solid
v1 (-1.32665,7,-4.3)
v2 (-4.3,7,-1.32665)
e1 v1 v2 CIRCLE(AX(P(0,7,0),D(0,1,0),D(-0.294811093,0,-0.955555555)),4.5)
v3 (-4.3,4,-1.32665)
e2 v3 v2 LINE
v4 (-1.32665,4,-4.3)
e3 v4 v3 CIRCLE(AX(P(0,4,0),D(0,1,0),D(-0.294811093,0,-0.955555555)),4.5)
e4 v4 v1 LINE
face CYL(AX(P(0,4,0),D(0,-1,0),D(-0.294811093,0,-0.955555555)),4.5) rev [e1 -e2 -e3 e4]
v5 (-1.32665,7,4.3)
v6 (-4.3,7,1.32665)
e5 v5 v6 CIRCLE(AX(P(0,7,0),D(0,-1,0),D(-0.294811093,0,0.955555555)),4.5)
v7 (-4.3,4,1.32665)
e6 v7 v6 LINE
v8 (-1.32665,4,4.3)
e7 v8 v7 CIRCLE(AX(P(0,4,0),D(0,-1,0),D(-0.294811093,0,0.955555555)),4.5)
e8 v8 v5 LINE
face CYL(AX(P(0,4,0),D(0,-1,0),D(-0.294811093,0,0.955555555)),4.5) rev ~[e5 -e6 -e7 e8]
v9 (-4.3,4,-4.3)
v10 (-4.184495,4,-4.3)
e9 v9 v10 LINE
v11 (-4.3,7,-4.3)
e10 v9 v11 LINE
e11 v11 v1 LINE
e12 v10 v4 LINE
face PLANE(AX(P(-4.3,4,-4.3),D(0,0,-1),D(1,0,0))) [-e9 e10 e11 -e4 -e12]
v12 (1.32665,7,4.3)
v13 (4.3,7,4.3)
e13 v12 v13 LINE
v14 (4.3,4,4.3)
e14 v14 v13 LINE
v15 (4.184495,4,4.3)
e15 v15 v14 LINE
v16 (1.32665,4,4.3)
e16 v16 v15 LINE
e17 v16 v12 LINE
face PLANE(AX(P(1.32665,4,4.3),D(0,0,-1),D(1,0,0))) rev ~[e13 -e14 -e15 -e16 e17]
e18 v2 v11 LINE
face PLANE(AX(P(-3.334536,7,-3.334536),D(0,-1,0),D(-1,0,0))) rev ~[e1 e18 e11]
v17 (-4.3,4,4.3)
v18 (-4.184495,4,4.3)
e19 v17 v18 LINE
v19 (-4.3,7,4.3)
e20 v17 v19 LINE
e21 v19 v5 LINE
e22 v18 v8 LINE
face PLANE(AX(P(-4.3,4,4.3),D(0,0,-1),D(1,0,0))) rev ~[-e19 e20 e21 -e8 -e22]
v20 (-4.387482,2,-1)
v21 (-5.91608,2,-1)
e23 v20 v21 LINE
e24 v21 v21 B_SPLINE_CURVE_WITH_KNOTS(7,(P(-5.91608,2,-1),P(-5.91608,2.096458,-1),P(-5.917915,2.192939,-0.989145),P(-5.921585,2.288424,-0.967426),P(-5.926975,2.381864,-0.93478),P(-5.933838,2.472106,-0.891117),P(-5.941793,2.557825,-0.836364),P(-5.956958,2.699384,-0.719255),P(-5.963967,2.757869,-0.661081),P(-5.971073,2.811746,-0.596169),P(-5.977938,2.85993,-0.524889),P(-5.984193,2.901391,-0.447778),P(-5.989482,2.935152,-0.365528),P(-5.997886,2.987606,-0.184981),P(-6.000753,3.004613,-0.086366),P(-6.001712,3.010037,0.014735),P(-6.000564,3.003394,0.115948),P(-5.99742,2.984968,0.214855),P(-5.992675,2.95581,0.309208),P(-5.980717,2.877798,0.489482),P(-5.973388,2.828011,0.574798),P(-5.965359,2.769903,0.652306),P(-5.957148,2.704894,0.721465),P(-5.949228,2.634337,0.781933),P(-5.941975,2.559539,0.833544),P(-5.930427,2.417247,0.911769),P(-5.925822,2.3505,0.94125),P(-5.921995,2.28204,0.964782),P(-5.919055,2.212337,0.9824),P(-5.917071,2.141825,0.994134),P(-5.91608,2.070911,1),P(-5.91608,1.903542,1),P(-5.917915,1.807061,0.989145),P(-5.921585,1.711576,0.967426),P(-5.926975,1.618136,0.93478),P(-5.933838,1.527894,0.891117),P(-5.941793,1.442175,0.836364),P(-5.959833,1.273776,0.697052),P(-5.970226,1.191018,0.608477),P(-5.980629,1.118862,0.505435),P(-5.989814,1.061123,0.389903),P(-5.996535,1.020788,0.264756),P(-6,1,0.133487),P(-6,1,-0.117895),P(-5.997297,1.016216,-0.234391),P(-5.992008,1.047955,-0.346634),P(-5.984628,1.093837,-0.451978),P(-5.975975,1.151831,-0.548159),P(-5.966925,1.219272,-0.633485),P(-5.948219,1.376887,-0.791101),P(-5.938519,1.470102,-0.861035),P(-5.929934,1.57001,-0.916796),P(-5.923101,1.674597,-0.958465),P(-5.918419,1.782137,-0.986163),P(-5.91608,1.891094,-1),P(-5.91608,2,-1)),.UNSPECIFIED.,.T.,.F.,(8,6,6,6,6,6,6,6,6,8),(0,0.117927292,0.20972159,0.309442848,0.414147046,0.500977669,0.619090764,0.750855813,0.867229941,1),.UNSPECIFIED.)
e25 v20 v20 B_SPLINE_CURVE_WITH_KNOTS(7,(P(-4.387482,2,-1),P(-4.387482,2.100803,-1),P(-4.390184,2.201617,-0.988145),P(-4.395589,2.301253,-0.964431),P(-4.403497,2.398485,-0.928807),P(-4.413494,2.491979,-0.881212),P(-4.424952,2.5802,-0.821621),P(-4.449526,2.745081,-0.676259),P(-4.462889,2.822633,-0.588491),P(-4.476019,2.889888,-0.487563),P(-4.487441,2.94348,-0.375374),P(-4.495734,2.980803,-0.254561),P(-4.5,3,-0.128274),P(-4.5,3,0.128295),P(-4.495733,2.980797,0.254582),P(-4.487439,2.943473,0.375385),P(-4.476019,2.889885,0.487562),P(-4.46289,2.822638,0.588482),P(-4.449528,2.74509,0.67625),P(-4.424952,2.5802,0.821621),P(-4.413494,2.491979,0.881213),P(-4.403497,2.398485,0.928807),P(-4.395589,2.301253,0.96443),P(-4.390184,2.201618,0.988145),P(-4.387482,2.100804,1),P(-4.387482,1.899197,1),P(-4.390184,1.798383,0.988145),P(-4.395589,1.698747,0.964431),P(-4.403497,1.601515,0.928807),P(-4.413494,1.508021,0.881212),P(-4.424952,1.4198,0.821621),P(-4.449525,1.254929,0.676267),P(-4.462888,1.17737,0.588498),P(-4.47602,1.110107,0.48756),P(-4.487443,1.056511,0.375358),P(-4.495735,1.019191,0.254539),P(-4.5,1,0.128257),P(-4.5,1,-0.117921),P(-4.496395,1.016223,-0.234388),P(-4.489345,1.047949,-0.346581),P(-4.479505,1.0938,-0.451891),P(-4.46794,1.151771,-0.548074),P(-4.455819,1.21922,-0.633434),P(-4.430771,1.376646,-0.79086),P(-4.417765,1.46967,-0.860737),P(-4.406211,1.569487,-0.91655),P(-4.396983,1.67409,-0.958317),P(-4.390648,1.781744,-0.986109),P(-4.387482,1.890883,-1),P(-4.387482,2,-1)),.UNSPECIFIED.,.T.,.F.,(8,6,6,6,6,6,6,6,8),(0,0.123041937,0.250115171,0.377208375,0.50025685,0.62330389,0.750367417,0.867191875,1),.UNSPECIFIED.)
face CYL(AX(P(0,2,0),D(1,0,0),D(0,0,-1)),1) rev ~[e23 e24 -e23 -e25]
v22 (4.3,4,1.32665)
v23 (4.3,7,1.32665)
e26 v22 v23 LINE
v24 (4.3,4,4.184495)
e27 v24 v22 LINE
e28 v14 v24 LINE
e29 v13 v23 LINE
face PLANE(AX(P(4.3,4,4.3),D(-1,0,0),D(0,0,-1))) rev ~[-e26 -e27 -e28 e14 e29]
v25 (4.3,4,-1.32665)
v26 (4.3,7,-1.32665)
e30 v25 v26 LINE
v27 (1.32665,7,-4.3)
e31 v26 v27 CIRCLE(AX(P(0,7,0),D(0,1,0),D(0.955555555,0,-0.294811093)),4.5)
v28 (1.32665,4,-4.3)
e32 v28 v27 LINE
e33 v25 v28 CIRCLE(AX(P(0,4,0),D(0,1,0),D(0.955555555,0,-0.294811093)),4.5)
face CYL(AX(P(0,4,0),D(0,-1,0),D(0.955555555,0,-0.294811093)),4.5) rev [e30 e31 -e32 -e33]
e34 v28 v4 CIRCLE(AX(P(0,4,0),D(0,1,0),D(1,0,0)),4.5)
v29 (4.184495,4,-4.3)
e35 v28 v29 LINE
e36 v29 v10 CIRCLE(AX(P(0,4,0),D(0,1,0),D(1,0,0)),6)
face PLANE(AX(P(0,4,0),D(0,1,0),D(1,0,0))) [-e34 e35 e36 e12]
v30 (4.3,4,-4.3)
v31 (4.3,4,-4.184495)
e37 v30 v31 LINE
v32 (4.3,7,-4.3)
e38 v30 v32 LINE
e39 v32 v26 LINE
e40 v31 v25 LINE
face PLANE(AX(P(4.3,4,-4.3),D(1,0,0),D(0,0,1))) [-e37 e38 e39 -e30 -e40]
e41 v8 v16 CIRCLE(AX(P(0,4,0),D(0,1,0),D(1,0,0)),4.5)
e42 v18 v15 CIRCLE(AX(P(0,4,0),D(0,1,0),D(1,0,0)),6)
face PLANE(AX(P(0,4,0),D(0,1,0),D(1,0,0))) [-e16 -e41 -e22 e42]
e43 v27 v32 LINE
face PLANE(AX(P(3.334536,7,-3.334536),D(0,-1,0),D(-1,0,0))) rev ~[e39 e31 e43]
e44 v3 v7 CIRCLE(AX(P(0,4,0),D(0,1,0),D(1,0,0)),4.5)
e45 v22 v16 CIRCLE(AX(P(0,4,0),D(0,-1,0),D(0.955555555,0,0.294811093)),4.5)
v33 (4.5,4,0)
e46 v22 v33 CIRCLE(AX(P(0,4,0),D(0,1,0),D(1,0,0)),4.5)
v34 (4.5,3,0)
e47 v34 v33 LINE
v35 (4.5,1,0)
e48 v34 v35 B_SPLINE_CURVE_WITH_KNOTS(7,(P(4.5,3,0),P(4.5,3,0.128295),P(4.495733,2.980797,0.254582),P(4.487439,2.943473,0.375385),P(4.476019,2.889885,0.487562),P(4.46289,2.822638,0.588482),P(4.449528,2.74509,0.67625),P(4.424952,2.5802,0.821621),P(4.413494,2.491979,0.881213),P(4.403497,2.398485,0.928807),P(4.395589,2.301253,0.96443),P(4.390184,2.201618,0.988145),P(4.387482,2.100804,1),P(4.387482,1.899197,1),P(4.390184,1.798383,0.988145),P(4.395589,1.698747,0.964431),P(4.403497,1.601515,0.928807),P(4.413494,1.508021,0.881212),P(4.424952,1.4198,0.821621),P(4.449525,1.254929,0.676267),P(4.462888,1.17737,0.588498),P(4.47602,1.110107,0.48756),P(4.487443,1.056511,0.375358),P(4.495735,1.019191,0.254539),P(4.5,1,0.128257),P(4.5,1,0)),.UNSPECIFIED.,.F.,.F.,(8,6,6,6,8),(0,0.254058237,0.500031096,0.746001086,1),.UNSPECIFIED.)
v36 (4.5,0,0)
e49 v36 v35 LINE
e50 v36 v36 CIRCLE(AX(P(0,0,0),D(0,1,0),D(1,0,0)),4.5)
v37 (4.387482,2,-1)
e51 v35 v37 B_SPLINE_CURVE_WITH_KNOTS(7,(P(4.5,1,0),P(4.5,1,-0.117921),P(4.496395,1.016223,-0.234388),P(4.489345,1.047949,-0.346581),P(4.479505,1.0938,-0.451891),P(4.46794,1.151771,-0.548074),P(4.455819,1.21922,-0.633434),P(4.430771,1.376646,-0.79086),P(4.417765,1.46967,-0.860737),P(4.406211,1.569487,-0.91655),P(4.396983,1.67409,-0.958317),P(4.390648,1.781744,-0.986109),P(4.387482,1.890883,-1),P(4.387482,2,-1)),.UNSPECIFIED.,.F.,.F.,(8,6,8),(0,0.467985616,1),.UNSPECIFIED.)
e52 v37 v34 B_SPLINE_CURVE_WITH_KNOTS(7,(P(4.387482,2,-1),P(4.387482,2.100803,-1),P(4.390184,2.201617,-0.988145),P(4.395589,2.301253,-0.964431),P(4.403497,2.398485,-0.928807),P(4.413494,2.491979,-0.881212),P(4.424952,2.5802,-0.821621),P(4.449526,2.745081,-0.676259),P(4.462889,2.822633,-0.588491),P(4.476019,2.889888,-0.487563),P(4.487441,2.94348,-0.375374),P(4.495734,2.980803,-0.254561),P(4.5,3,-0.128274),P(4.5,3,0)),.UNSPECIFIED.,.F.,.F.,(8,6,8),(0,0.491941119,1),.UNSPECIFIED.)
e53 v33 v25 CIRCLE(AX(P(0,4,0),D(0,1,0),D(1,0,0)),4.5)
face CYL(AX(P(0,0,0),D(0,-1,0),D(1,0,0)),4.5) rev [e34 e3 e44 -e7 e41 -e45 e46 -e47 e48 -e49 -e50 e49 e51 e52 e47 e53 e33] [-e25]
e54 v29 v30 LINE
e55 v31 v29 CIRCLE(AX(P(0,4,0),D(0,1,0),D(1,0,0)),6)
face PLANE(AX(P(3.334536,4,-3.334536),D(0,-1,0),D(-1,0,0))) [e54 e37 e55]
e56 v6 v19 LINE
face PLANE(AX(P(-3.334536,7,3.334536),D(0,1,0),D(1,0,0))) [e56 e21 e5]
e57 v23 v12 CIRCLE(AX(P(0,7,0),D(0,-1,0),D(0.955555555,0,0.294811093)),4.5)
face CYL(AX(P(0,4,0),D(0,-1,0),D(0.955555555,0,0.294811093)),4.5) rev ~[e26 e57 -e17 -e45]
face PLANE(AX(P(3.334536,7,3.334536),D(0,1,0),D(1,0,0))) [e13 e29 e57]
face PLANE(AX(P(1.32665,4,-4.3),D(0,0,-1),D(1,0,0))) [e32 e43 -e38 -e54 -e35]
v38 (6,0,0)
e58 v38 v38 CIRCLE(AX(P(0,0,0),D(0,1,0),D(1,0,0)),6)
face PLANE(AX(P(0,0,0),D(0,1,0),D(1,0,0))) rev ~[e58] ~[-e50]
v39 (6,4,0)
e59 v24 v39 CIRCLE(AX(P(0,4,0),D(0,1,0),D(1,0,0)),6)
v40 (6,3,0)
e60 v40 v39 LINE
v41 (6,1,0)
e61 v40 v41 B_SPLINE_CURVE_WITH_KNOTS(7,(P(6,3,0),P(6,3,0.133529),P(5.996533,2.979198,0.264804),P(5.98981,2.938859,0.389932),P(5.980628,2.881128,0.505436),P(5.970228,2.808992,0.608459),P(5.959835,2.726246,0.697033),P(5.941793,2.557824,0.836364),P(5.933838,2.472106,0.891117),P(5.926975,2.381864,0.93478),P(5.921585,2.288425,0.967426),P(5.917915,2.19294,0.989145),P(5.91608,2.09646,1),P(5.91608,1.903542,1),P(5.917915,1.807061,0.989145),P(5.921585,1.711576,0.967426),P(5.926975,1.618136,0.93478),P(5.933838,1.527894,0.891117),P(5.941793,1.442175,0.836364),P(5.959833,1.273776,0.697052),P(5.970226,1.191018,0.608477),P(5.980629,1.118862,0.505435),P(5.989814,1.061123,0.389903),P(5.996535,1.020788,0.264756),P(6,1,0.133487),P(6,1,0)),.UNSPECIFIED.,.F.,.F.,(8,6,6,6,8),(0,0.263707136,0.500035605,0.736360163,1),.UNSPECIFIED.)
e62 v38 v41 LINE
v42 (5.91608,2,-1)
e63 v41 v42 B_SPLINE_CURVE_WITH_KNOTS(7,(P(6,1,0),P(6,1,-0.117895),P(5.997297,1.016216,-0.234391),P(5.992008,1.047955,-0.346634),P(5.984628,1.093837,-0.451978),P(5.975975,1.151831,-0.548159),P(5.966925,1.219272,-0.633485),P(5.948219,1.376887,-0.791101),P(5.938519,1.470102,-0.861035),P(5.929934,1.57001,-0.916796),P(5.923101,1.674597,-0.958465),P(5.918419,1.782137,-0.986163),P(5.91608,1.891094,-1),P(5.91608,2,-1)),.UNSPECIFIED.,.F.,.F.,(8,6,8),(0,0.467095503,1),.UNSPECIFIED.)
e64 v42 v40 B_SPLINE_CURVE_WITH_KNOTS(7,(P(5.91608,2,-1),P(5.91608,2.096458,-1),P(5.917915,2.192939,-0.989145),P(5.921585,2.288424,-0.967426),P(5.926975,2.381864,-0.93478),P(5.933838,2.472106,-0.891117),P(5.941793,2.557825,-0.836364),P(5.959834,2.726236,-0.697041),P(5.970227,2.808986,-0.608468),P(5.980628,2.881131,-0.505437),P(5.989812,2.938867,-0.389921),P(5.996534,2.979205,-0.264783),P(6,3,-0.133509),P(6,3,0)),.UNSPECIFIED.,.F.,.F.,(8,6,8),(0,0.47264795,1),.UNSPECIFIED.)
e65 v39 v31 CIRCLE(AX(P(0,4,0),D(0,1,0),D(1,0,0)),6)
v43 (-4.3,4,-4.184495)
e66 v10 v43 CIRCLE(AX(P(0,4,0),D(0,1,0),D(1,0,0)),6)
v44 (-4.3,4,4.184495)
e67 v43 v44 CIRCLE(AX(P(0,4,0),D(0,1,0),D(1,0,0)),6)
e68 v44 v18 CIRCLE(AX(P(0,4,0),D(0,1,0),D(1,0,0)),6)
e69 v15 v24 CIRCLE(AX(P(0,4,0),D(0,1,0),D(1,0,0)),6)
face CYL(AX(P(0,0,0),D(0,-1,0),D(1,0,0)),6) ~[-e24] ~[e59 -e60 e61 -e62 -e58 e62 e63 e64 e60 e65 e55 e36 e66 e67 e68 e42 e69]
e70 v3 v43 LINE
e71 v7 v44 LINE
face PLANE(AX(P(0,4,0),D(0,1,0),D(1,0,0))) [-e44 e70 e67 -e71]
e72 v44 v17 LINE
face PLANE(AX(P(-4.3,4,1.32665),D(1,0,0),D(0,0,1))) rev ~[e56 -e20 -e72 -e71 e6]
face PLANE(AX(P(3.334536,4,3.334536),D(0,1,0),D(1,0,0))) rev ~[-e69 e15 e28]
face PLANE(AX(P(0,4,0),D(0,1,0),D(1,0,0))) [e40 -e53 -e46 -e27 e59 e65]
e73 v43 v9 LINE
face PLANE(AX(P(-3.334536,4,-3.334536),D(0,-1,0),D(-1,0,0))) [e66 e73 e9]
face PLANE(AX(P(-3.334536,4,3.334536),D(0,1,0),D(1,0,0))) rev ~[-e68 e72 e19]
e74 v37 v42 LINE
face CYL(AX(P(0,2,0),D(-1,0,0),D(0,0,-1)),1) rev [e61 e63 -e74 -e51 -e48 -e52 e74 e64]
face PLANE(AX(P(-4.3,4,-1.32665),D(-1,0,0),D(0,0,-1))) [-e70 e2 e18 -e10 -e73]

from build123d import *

# Parameters (mm, degrees)
SKETCH1_R               = 6
SKETCH1_R_2             = 4.5
BOSS_EXTRUDE5_DEPTH     = 4
BOSS_EXTRUDE6_DEPTH     = 3
SKETCH4_R               = 1
CUT_EXTRUDE1_DEPTH      = 7
CUT_EXTRUDE1_DEPTH_BACK = 7


with BuildPart() as part:
    # Sketch1 → Boss-Extrude5 (new body)
    with BuildSketch(Plane(origin=(0, 0, 0), x_dir=(1, 0, 0), z_dir=(0, 1, 0))):
        Circle(SKETCH1_R)
        Circle(SKETCH1_R_2, mode=Mode.SUBTRACT)
    extrude(amount=BOSS_EXTRUDE5_DEPTH)

    # Sketch3 → Boss-Extrude6 (add)
    with BuildSketch(Plane(origin=(0, 4, 0), x_dir=(1, 0, 0), z_dir=(0, 1, 0))):
        with BuildLine():
            Line((1.326649916, 4.3), (4.3, 4.3))
            Line((4.3, 4.3), (4.3, 1.326649916))
            ThreePointArc((4.3, 1.326649916), (3.181980515, 3.181980515), (1.326649916, 4.3))
        make_face()
        with BuildLine():
            Line((-4.3, -4.3), (-1.326649916, -4.3))
            ThreePointArc((-1.326649916, -4.3), (-3.181980515, -3.181980515), (-4.3, -1.326649916))
            Line((-4.3, -1.326649916), (-4.3, -4.3))
        make_face()
        with BuildLine():
            Line((-4.3, 4.3), (-1.326649916, 4.3))
            ThreePointArc((-1.326649916, 4.3), (-3.181980515, 3.181980515), (-4.3, 1.326649916))
            Line((-4.3, 1.326649916), (-4.3, 4.3))
        make_face()
        with BuildLine():
            Line((4.3, -4.3), (4.3, -1.326649916))
            ThreePointArc((4.3, -1.326649916), (3.181980515, -3.181980515), (1.326649916, -4.3))
            Line((1.326649916, -4.3), (4.3, -4.3))
        make_face()
    extrude(amount=BOSS_EXTRUDE6_DEPTH)

    # Sketch4 → Cut-Extrude1 (cut, two sides)
    with BuildSketch(Plane(origin=(0, 0, 0), x_dir=(0, 0, -1), z_dir=(1, 0, 0))) as cut_extrude1_sk:
        with Locations((0, 2)):
            Circle(SKETCH4_R)
    extrude(amount=CUT_EXTRUDE1_DEPTH, mode=Mode.SUBTRACT)
    extrude(cut_extrude1_sk.sketch, amount=-CUT_EXTRUDE1_DEPTH_BACK, mode=Mode.SUBTRACT)


solid = part.part
